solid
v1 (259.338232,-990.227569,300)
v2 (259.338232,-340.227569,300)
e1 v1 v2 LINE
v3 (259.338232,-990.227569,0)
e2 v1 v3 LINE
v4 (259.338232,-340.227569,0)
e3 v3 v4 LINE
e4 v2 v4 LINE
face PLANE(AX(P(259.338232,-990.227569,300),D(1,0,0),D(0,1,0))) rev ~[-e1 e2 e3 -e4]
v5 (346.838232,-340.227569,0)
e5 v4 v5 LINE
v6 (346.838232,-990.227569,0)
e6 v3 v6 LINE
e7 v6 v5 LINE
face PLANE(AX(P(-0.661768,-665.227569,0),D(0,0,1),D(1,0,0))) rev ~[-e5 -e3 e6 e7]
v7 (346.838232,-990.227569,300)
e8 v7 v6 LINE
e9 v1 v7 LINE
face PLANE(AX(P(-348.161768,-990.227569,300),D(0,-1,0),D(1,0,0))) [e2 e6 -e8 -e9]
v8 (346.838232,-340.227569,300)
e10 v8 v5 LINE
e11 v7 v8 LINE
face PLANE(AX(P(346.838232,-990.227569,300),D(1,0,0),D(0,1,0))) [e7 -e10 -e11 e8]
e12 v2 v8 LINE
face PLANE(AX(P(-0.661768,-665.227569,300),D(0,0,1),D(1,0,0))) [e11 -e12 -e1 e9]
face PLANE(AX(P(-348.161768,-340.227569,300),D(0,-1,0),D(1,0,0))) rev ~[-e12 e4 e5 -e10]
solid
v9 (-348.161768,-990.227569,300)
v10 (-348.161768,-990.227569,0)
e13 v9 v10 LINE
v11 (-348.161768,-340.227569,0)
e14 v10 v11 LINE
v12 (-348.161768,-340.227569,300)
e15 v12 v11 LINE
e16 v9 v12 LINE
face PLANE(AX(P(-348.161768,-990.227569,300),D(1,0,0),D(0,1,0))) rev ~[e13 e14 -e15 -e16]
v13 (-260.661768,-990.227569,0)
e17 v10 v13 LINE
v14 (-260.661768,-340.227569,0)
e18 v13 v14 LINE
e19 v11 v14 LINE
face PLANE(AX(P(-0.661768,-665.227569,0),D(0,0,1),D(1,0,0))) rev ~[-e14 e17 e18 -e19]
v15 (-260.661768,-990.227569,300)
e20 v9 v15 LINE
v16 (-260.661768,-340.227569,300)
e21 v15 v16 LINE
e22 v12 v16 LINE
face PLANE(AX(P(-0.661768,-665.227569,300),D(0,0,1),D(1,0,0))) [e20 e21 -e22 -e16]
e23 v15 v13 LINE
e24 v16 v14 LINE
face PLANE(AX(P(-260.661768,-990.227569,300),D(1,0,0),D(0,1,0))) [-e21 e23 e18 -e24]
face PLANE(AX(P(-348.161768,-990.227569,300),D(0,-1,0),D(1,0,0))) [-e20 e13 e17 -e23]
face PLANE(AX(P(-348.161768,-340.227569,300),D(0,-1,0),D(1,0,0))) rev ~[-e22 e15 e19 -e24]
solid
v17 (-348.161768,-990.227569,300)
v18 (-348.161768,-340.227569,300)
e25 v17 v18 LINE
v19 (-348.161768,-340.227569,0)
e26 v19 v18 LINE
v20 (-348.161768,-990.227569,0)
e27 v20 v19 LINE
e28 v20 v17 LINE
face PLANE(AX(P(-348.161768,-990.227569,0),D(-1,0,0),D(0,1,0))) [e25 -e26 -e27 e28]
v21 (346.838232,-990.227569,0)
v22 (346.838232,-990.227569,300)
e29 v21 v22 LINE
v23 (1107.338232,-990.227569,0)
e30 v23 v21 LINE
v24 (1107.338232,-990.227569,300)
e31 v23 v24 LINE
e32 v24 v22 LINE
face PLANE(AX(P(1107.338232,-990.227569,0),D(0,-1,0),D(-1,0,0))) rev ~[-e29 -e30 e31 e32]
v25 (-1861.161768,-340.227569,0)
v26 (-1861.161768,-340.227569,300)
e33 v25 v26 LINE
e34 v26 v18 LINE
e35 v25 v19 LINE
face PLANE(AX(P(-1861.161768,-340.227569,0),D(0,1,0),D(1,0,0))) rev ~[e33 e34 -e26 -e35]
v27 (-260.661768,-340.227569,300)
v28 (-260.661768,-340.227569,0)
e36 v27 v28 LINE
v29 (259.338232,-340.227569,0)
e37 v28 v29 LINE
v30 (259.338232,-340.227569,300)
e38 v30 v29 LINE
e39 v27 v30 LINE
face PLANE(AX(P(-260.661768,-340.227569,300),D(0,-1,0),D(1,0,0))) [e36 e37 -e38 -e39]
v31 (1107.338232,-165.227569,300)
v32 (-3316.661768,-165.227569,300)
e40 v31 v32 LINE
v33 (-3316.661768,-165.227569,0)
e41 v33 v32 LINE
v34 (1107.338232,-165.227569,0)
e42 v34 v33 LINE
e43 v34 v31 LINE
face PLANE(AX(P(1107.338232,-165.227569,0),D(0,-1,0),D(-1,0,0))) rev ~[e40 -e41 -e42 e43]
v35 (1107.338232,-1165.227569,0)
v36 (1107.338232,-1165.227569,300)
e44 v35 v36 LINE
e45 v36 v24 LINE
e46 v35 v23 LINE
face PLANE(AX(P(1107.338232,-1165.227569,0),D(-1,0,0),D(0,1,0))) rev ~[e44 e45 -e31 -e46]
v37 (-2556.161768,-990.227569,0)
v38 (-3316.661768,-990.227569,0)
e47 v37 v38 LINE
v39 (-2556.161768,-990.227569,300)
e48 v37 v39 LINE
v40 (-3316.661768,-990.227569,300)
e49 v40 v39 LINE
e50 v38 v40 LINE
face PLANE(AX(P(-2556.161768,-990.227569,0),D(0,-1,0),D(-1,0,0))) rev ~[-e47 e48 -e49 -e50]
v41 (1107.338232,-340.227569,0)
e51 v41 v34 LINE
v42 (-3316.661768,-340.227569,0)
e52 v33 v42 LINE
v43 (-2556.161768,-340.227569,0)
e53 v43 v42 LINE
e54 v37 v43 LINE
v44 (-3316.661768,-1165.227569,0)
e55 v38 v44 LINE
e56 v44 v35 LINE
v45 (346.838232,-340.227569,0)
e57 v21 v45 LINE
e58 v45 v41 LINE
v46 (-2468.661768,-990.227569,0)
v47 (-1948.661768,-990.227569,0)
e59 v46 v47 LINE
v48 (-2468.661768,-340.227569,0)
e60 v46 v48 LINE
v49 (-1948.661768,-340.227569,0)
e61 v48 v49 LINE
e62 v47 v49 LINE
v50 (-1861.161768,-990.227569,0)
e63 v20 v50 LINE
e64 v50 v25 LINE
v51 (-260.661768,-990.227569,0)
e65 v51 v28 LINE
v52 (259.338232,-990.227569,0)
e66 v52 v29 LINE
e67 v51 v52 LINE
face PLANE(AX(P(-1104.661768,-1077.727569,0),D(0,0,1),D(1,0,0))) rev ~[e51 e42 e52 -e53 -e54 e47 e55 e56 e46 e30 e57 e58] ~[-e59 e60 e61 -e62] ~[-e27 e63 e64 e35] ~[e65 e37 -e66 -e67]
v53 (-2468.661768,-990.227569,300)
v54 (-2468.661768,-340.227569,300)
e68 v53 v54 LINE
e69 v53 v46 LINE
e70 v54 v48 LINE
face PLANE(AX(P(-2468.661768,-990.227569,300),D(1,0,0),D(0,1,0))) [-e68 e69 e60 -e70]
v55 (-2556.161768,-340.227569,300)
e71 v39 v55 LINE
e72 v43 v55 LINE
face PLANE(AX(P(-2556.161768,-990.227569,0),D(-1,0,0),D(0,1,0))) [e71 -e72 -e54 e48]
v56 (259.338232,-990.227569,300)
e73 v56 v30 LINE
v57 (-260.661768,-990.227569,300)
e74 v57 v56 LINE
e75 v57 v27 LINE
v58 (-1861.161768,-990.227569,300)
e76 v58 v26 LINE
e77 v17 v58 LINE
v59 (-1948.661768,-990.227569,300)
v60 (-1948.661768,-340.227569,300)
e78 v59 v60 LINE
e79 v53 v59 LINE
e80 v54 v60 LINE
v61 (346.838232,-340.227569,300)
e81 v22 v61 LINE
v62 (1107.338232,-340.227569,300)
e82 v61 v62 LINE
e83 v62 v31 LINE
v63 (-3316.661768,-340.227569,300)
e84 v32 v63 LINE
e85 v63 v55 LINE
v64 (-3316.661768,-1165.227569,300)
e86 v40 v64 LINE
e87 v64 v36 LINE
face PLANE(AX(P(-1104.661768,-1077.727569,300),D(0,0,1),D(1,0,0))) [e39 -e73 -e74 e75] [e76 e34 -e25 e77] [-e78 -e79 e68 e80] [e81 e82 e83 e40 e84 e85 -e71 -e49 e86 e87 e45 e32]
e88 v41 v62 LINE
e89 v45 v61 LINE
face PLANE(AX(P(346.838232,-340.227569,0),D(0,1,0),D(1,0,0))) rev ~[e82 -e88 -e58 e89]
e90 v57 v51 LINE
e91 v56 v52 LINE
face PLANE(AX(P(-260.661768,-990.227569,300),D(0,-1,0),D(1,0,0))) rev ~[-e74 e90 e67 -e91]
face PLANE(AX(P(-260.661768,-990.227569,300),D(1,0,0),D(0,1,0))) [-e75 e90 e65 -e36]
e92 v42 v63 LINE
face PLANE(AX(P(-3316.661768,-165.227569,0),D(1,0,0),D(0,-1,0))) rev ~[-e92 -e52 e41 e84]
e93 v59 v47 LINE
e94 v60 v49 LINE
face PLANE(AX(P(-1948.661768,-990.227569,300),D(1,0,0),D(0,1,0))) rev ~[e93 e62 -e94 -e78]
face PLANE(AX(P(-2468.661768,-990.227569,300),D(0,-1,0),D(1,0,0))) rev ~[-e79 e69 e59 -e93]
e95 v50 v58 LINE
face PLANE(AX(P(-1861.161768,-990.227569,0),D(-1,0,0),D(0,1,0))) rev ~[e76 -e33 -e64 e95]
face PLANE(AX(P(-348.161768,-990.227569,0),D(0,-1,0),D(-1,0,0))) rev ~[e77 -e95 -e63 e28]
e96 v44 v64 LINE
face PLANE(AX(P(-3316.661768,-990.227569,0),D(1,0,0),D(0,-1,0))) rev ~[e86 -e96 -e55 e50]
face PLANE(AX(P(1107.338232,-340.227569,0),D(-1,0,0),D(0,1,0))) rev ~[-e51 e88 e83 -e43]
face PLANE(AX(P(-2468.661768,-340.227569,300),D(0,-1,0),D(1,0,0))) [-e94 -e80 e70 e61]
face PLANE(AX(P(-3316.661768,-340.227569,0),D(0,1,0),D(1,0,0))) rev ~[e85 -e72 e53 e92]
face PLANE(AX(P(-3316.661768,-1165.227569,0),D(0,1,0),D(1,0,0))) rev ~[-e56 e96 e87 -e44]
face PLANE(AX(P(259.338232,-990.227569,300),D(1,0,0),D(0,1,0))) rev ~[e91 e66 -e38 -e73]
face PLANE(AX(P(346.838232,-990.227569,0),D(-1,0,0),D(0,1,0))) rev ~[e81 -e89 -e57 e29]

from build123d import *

# Parameters (mm, degrees)
F0_W     = 695
F0_H     = 650
F1_DEPTH = 300
F2_W     = 520
F2_H     = 650
F2_W_2   = 175
F3_DEPTH = 300.001
F4_W     = 695
F4_H     = 650
F5_DEPTH = 300
F6_W     = 520
F6_H     = 650
F7_DEPTH = 300.001
F8_W     = 520
F8_H     = 650
F9_DEPTH = 300.001


with BuildPart() as f1:
    # F0 (on Top) → F1 (new body)
    with BuildSketch(Plane.XY):
        Polygon((-2556.1617680192, -990.2275687945), (-3316.6617680192, -990.2275687945), (-3316.6617680192, -1165.2275687945), (1107.3382319808, -1165.2275687945), (1107.3382319808, -990.2275687945), (346.8382319808, -990.2275687945), (-348.1617680192, -990.2275687945), (-1861.1617680192, -990.2275687945), align=None)
        with Locations((-2208.6617680192, -665.2275687945)):
            Rectangle(F0_W, F0_H)
        Polygon((-3316.6617680192, -340.2275687945), (-2556.1617680192, -340.2275687945), (-1861.1617680192, -340.2275687945), (-348.1617680192, -340.2275687945), (346.8382319808, -340.2275687945), (1107.3382319808, -340.2275687945), (1107.3382319808, -165.2275687945), (-3316.6617680192, -165.2275687945), align=None)
        with Locations((-0.6617680192, -665.2275687945)):
            Rectangle(F0_W, F0_H)
    extrude(amount=F1_DEPTH)

    # F2 (on face) → F3 (cut, through all)
    with BuildSketch(Plane.XY.offset(300)):
        with Locations((-2208.6617680192, -665.2275687945)):
            Rectangle(F2_W, F2_H)
        with Locations((-3316.6617680192, -665.2275687945)):
            Rectangle(F2_W_2, F2_H)
    extrude(amount=-F3_DEPTH, mode=Mode.SUBTRACT)


with BuildPart() as f5:
    # F4 (on face) → F5 (new body)
    with BuildSketch(Plane.XY.offset(300)):
        with Locations((-0.6617680192, -665.2275687945)):
            Rectangle(F4_W, F4_H)
    extrude(amount=-F5_DEPTH)


with BuildPart() as f7_tool:
    # F6 (on face) → F7 (new body, through all)
    with BuildSketch(Plane.XY.offset(300)):
        with Locations((-0.6617680192, -665.2275687945)):
            Rectangle(F6_W, F6_H)
    extrude(amount=-F7_DEPTH)


with BuildPart() as f1_1:
    add(f1.part)

    # F7: cut by f7_tool
    add(f7_tool.part, mode=Mode.SUBTRACT)

    # F8 (on face) → F9 (cut, through all)
    with BuildSketch(Plane.XY.offset(300)):
        with Locations((-0.6617680192, -665.2275687945)):
            Rectangle(F8_W, F8_H)
    extrude(amount=-F9_DEPTH, mode=Mode.SUBTRACT)


with BuildPart() as f5_1:
    add(f5.part)

    # F7: cut by f7_tool
    add(f7_tool.part, mode=Mode.SUBTRACT)


solid = Compound([f1_1.part, f5_1.part])
